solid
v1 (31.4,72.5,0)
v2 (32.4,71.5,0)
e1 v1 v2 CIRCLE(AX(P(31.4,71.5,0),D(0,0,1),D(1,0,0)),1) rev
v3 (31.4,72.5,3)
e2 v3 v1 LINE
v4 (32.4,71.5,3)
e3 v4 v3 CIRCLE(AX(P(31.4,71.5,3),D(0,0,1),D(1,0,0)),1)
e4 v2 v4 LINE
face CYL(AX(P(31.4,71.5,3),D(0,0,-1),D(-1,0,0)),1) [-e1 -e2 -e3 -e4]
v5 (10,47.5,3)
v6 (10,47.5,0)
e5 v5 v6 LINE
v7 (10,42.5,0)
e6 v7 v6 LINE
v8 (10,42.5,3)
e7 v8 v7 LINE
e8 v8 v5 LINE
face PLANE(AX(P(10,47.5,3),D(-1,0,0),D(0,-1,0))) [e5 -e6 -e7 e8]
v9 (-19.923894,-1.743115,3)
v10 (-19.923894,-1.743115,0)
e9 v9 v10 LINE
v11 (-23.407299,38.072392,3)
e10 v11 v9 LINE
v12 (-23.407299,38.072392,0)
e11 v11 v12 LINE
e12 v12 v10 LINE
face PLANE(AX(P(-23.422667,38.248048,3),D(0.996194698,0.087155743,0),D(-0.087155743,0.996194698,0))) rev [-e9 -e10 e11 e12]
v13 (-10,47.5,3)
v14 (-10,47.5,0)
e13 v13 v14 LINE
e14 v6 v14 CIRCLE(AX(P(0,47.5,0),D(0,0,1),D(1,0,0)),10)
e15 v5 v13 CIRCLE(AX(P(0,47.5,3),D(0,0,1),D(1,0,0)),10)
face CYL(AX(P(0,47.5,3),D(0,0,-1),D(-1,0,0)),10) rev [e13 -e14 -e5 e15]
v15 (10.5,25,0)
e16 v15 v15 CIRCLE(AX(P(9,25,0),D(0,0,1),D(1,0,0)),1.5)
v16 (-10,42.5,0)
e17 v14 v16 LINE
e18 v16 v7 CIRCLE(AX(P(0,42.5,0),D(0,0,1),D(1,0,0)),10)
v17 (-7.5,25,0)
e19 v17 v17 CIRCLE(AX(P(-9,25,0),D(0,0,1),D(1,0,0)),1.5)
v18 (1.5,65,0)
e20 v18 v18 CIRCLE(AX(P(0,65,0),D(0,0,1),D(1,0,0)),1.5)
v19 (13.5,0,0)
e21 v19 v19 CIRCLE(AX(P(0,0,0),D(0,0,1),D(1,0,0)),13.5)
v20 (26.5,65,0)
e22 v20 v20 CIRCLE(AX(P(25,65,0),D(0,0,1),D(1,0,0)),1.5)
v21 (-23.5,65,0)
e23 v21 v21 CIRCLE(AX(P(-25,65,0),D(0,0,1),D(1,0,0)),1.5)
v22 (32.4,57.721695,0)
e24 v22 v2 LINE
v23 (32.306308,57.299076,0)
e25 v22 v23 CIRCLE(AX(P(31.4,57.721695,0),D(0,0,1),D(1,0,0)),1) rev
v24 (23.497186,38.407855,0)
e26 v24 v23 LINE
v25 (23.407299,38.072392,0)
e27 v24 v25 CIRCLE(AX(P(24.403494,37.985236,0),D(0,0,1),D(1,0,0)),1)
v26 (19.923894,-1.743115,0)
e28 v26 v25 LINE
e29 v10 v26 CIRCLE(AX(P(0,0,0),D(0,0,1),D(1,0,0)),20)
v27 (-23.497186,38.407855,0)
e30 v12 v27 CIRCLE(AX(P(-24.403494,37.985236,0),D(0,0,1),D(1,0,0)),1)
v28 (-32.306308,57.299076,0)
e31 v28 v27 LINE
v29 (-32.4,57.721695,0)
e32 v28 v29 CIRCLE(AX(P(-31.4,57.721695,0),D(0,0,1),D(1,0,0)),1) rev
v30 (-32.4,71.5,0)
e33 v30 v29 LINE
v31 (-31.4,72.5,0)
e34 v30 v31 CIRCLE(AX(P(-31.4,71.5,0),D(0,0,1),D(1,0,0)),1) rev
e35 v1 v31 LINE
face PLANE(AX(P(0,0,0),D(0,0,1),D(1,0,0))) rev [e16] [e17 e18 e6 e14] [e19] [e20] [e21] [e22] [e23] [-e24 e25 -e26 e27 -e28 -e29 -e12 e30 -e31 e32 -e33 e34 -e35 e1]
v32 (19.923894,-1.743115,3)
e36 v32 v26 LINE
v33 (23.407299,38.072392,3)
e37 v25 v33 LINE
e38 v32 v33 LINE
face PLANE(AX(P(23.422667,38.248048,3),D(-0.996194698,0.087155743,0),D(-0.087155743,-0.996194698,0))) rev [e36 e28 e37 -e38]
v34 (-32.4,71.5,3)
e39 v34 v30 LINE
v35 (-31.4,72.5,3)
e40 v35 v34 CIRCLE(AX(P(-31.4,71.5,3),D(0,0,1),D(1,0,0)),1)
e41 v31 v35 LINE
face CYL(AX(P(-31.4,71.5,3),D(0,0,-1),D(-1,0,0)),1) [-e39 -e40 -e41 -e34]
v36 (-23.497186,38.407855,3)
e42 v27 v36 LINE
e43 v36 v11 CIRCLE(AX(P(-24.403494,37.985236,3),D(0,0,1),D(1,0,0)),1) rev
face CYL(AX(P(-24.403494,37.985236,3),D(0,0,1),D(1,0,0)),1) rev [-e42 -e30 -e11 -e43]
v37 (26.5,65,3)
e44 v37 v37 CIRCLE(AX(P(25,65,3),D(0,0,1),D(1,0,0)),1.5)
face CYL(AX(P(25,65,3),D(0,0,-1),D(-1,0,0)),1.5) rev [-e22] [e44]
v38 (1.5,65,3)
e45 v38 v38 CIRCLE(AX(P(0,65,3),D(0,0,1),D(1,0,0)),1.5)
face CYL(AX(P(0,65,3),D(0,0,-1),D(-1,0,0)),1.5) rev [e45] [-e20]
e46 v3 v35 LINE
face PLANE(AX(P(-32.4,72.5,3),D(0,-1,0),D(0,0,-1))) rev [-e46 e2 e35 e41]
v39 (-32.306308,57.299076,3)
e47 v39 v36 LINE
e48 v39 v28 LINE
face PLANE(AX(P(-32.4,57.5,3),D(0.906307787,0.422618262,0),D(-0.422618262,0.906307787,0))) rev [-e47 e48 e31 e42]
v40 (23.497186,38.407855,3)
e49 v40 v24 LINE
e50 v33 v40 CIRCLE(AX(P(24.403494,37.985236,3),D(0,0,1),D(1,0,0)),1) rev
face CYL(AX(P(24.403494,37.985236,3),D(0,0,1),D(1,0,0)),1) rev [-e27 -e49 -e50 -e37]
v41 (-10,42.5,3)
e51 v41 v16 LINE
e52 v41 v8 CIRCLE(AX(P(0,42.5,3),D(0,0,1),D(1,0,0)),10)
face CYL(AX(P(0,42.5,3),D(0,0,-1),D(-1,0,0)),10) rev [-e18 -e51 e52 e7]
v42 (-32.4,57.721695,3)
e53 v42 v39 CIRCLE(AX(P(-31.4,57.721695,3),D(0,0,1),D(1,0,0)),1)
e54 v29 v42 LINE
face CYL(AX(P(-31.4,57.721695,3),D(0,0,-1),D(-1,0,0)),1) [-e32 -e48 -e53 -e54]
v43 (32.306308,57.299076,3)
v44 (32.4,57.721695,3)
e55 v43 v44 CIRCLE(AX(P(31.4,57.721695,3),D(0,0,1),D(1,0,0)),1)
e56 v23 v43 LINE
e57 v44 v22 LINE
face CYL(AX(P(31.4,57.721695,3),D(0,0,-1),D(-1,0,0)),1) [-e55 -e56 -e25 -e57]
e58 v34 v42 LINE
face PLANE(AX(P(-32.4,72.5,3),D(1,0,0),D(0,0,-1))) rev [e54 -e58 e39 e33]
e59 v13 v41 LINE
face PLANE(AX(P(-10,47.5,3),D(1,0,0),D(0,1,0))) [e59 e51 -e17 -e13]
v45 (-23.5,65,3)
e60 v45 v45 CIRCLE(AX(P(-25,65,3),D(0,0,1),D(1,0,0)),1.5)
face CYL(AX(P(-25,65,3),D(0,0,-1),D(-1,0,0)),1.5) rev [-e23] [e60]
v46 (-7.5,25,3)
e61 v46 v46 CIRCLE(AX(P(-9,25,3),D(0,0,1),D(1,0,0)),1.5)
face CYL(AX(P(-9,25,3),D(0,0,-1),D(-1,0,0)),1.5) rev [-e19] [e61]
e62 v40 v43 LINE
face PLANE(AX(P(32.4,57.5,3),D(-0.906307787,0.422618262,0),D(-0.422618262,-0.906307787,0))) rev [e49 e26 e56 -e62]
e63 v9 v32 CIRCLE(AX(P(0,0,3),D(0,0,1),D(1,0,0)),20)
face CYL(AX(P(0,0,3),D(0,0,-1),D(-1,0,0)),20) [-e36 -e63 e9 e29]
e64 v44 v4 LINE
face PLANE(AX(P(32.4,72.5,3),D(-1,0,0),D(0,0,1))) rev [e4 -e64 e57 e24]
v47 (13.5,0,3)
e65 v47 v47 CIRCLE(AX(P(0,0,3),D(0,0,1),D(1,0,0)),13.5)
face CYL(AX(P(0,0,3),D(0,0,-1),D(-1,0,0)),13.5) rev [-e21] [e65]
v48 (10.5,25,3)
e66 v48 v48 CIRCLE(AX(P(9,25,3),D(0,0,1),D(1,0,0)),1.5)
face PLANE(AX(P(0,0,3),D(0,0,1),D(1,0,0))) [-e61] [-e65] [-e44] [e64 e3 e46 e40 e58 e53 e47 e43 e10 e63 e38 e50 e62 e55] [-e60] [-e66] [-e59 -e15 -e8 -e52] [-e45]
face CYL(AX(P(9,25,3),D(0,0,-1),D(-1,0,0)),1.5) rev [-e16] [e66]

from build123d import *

# Parameters (mm, degrees)
SKETCH_1_R      = 1.5
SKETCH_1_R_2    = 13.5
EXTRUDE_1_DEPTH = 3
FILLET_2_R      = 1


with BuildPart() as part:
    # 草图1 → 凸台-拉伸1 (new body)
    with BuildSketch(Plane.XY):
        with BuildLine():
            Line((-32.4, 72.5), (32.4, 72.5))
            Line((32.4, 72.5), (32.4, 57.5))
            Line((32.4, 57.5), (23.422667354, 38.248048013))
            Line((23.422667354, 38.248048013), (19.923893962, -1.743114855))
            ThreePointArc((19.923893962, -1.743114855), (0, -20), (-19.923893962, -1.743114855))
            Line((-19.923893962, -1.743114855), (-23.422667354, 38.248048013))
            Line((-23.422667354, 38.248048013), (-32.4, 57.5))
            Line((-32.4, 57.5), (-32.4, 72.5))
        make_face()
        with Locations((25, 65)):
            Circle(SKETCH_1_R, mode=Mode.SUBTRACT)
        with Locations((-25, 65)):
            Circle(SKETCH_1_R, mode=Mode.SUBTRACT)
        with Locations((0, 65)):
            Circle(SKETCH_1_R, mode=Mode.SUBTRACT)
        Circle(SKETCH_1_R_2, mode=Mode.SUBTRACT)
        with Locations((-9, 25)):
            Circle(SKETCH_1_R, mode=Mode.SUBTRACT)
        with Locations((9, 25)):
            Circle(SKETCH_1_R, mode=Mode.SUBTRACT)
        with BuildLine():
            Line((10, 47.5), (10, 42.5))
            ThreePointArc((10, 42.5), (0, 32.5), (-10, 42.5))
            Line((-10, 42.5), (-10, 47.5))
            ThreePointArc((-10, 47.5), (0, 57.5), (10, 47.5))
        make_face(mode=Mode.SUBTRACT)
    extrude(amount=EXTRUDE_1_DEPTH)

    # 圆角2
    fillet_2_edges = [part.edges().sort_by_distance(p)[0] for p in [
        (23.422667354, 38.248048013, 1.5),
        (-23.422667354, 38.248048013, 1.5),
        (-32.4, 57.5, 1.5),
        (-32.4, 72.5, 1.5),
        (32.4, 72.5, 1.5),
        (32.4, 57.5, 1.5),
    ]]
    fillet(fillet_2_edges, radius=FILLET_2_R)


solid = part.part
